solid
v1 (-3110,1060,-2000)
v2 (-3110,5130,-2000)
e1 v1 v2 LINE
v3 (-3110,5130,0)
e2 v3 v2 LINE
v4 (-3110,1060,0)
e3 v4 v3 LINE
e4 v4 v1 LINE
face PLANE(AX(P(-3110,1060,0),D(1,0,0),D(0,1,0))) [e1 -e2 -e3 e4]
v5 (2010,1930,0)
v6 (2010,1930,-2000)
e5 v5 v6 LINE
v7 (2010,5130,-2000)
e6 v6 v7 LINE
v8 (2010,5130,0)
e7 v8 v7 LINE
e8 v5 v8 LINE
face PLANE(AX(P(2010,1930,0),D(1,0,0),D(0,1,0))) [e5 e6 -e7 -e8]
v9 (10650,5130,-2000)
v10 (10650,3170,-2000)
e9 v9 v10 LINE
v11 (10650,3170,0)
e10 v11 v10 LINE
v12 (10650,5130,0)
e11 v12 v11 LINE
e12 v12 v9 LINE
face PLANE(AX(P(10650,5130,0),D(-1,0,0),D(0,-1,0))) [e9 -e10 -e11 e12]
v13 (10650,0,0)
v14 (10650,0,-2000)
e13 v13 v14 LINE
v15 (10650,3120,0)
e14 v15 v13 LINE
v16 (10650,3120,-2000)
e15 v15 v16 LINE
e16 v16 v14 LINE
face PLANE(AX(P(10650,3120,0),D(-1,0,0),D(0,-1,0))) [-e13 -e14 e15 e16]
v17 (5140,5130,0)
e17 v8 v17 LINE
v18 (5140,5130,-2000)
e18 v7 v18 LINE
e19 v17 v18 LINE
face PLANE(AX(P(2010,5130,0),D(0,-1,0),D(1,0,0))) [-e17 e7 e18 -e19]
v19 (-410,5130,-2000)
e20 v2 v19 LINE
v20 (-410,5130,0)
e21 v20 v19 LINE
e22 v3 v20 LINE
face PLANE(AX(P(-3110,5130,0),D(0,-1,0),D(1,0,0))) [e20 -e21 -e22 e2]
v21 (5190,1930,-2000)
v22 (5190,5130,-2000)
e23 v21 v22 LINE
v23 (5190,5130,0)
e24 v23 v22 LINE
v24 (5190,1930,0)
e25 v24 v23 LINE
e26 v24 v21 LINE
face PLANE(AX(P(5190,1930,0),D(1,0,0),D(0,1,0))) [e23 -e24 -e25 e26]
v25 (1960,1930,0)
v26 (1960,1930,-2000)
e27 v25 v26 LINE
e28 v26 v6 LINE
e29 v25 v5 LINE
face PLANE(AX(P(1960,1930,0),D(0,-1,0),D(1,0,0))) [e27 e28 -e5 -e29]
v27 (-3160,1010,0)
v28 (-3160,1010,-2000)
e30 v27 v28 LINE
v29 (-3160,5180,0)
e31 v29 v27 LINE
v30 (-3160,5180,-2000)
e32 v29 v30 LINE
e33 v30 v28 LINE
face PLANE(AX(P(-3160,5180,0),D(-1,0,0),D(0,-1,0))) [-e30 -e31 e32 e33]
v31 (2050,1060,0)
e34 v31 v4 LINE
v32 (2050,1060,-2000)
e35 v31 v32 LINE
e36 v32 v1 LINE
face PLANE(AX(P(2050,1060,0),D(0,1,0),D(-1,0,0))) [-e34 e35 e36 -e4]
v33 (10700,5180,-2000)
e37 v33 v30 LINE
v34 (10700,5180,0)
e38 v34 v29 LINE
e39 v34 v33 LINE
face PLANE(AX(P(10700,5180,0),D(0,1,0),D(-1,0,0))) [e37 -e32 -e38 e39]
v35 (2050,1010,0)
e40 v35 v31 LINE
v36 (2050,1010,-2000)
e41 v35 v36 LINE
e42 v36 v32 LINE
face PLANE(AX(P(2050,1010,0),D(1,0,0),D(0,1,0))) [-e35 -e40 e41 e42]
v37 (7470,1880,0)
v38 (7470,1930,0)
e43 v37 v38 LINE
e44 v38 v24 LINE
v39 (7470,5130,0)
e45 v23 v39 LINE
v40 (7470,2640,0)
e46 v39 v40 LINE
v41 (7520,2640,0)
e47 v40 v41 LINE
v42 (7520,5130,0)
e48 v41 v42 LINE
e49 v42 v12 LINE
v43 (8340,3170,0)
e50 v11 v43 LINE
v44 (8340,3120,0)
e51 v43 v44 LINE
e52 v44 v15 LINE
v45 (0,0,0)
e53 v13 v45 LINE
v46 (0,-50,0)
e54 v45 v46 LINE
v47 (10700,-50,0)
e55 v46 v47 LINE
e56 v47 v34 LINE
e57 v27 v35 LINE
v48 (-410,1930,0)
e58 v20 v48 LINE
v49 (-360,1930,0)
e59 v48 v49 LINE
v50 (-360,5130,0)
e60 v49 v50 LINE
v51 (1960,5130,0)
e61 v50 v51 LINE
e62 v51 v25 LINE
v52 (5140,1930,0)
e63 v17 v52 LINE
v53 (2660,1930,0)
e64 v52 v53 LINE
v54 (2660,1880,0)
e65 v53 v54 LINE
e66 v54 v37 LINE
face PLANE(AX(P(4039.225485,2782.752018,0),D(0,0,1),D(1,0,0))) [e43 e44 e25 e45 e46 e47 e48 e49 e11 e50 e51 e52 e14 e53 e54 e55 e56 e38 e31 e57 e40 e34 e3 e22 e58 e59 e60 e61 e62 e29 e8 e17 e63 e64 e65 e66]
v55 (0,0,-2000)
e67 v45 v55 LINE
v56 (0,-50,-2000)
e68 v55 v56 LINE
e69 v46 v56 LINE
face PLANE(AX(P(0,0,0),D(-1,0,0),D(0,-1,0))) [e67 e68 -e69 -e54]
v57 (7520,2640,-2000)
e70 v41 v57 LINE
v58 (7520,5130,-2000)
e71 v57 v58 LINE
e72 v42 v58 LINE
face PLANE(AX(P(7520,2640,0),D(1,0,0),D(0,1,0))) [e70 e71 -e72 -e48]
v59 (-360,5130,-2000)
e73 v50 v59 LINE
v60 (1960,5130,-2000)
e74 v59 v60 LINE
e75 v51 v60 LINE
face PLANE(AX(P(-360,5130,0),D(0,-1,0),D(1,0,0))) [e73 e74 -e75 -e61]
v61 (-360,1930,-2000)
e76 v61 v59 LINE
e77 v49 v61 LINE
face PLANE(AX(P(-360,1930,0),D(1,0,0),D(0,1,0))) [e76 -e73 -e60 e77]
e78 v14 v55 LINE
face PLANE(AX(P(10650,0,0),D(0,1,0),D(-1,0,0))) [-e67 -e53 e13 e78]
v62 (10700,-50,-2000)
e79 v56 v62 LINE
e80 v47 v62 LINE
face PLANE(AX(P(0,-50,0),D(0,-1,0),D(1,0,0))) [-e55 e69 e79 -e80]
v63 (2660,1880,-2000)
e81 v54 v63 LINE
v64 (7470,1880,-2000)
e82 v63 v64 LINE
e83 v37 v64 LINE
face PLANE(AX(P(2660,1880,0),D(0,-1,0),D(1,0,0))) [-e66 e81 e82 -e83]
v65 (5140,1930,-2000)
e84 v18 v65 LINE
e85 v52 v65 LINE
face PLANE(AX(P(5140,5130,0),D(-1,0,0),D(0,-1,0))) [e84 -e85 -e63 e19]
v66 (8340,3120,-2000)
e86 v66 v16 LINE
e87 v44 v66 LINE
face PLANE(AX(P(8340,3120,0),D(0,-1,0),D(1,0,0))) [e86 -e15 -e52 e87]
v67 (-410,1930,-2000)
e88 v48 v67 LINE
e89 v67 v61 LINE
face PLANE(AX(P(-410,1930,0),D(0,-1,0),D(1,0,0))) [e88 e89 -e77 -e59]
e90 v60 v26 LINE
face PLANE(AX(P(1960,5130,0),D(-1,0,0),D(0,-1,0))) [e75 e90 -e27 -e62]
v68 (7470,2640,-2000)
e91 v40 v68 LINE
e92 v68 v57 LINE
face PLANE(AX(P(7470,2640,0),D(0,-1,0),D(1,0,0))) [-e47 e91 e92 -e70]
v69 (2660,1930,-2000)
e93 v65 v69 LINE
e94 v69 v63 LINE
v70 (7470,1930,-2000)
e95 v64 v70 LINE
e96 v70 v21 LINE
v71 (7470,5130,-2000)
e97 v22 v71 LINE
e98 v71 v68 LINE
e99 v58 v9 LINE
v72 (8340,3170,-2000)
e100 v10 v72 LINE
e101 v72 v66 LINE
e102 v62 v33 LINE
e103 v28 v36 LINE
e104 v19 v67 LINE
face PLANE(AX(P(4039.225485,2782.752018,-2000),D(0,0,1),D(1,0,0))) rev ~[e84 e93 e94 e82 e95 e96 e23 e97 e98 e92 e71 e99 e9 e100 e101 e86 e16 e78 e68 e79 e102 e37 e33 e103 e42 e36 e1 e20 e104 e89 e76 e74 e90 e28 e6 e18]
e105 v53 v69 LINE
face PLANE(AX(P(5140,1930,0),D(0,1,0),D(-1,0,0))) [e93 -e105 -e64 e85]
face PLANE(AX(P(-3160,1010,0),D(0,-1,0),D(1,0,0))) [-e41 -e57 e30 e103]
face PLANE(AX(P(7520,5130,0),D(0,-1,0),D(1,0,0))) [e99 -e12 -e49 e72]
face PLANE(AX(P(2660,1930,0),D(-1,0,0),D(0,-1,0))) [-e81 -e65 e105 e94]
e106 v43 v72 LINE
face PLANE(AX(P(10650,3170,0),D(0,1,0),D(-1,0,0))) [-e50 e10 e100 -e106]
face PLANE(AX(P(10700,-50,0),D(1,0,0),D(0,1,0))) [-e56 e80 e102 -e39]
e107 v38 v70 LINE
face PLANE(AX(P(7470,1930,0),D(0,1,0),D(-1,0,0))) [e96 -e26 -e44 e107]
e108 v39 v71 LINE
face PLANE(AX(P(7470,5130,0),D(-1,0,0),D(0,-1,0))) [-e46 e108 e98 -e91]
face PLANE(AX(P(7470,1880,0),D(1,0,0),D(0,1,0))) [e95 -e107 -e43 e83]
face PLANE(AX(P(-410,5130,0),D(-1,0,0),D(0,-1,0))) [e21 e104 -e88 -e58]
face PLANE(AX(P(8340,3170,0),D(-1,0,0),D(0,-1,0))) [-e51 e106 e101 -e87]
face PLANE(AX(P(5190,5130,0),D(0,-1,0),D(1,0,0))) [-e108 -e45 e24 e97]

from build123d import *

# Parameters (mm, degrees)
F1_DEPTH = 2000


with BuildPart() as f1:
    # F0 (on Top) → F1 (new body)
    with BuildSketch(Plane.XY):
        Polygon((10650, 0), (0, 0), (0, -50), (10700, -50), (10700, 5180), (-3160, 5180), (-3160, 1010), (2050, 1010), (2050, 1060), (0, 1060), (-3110, 1060), (-3110, 5130), (-410, 5130), (-410, 1930), (-360, 1930), (-360, 5130), (1960, 5130), (1960, 1930), (2010, 1930), (2010, 5130), (5140, 5130), (5140, 1930), (2660, 1930), (2660, 1880), (7470, 1880), (7470, 1930), (5190, 1930), (5190, 5130), (7470, 5130), (7470, 2640), (7520, 2640), (7520, 5130), (10650, 5130), (10650, 3170), (8340, 3170), (8340, 3120), (10650, 3120), align=None)
    extrude(amount=-F1_DEPTH)


solid = f1.part
